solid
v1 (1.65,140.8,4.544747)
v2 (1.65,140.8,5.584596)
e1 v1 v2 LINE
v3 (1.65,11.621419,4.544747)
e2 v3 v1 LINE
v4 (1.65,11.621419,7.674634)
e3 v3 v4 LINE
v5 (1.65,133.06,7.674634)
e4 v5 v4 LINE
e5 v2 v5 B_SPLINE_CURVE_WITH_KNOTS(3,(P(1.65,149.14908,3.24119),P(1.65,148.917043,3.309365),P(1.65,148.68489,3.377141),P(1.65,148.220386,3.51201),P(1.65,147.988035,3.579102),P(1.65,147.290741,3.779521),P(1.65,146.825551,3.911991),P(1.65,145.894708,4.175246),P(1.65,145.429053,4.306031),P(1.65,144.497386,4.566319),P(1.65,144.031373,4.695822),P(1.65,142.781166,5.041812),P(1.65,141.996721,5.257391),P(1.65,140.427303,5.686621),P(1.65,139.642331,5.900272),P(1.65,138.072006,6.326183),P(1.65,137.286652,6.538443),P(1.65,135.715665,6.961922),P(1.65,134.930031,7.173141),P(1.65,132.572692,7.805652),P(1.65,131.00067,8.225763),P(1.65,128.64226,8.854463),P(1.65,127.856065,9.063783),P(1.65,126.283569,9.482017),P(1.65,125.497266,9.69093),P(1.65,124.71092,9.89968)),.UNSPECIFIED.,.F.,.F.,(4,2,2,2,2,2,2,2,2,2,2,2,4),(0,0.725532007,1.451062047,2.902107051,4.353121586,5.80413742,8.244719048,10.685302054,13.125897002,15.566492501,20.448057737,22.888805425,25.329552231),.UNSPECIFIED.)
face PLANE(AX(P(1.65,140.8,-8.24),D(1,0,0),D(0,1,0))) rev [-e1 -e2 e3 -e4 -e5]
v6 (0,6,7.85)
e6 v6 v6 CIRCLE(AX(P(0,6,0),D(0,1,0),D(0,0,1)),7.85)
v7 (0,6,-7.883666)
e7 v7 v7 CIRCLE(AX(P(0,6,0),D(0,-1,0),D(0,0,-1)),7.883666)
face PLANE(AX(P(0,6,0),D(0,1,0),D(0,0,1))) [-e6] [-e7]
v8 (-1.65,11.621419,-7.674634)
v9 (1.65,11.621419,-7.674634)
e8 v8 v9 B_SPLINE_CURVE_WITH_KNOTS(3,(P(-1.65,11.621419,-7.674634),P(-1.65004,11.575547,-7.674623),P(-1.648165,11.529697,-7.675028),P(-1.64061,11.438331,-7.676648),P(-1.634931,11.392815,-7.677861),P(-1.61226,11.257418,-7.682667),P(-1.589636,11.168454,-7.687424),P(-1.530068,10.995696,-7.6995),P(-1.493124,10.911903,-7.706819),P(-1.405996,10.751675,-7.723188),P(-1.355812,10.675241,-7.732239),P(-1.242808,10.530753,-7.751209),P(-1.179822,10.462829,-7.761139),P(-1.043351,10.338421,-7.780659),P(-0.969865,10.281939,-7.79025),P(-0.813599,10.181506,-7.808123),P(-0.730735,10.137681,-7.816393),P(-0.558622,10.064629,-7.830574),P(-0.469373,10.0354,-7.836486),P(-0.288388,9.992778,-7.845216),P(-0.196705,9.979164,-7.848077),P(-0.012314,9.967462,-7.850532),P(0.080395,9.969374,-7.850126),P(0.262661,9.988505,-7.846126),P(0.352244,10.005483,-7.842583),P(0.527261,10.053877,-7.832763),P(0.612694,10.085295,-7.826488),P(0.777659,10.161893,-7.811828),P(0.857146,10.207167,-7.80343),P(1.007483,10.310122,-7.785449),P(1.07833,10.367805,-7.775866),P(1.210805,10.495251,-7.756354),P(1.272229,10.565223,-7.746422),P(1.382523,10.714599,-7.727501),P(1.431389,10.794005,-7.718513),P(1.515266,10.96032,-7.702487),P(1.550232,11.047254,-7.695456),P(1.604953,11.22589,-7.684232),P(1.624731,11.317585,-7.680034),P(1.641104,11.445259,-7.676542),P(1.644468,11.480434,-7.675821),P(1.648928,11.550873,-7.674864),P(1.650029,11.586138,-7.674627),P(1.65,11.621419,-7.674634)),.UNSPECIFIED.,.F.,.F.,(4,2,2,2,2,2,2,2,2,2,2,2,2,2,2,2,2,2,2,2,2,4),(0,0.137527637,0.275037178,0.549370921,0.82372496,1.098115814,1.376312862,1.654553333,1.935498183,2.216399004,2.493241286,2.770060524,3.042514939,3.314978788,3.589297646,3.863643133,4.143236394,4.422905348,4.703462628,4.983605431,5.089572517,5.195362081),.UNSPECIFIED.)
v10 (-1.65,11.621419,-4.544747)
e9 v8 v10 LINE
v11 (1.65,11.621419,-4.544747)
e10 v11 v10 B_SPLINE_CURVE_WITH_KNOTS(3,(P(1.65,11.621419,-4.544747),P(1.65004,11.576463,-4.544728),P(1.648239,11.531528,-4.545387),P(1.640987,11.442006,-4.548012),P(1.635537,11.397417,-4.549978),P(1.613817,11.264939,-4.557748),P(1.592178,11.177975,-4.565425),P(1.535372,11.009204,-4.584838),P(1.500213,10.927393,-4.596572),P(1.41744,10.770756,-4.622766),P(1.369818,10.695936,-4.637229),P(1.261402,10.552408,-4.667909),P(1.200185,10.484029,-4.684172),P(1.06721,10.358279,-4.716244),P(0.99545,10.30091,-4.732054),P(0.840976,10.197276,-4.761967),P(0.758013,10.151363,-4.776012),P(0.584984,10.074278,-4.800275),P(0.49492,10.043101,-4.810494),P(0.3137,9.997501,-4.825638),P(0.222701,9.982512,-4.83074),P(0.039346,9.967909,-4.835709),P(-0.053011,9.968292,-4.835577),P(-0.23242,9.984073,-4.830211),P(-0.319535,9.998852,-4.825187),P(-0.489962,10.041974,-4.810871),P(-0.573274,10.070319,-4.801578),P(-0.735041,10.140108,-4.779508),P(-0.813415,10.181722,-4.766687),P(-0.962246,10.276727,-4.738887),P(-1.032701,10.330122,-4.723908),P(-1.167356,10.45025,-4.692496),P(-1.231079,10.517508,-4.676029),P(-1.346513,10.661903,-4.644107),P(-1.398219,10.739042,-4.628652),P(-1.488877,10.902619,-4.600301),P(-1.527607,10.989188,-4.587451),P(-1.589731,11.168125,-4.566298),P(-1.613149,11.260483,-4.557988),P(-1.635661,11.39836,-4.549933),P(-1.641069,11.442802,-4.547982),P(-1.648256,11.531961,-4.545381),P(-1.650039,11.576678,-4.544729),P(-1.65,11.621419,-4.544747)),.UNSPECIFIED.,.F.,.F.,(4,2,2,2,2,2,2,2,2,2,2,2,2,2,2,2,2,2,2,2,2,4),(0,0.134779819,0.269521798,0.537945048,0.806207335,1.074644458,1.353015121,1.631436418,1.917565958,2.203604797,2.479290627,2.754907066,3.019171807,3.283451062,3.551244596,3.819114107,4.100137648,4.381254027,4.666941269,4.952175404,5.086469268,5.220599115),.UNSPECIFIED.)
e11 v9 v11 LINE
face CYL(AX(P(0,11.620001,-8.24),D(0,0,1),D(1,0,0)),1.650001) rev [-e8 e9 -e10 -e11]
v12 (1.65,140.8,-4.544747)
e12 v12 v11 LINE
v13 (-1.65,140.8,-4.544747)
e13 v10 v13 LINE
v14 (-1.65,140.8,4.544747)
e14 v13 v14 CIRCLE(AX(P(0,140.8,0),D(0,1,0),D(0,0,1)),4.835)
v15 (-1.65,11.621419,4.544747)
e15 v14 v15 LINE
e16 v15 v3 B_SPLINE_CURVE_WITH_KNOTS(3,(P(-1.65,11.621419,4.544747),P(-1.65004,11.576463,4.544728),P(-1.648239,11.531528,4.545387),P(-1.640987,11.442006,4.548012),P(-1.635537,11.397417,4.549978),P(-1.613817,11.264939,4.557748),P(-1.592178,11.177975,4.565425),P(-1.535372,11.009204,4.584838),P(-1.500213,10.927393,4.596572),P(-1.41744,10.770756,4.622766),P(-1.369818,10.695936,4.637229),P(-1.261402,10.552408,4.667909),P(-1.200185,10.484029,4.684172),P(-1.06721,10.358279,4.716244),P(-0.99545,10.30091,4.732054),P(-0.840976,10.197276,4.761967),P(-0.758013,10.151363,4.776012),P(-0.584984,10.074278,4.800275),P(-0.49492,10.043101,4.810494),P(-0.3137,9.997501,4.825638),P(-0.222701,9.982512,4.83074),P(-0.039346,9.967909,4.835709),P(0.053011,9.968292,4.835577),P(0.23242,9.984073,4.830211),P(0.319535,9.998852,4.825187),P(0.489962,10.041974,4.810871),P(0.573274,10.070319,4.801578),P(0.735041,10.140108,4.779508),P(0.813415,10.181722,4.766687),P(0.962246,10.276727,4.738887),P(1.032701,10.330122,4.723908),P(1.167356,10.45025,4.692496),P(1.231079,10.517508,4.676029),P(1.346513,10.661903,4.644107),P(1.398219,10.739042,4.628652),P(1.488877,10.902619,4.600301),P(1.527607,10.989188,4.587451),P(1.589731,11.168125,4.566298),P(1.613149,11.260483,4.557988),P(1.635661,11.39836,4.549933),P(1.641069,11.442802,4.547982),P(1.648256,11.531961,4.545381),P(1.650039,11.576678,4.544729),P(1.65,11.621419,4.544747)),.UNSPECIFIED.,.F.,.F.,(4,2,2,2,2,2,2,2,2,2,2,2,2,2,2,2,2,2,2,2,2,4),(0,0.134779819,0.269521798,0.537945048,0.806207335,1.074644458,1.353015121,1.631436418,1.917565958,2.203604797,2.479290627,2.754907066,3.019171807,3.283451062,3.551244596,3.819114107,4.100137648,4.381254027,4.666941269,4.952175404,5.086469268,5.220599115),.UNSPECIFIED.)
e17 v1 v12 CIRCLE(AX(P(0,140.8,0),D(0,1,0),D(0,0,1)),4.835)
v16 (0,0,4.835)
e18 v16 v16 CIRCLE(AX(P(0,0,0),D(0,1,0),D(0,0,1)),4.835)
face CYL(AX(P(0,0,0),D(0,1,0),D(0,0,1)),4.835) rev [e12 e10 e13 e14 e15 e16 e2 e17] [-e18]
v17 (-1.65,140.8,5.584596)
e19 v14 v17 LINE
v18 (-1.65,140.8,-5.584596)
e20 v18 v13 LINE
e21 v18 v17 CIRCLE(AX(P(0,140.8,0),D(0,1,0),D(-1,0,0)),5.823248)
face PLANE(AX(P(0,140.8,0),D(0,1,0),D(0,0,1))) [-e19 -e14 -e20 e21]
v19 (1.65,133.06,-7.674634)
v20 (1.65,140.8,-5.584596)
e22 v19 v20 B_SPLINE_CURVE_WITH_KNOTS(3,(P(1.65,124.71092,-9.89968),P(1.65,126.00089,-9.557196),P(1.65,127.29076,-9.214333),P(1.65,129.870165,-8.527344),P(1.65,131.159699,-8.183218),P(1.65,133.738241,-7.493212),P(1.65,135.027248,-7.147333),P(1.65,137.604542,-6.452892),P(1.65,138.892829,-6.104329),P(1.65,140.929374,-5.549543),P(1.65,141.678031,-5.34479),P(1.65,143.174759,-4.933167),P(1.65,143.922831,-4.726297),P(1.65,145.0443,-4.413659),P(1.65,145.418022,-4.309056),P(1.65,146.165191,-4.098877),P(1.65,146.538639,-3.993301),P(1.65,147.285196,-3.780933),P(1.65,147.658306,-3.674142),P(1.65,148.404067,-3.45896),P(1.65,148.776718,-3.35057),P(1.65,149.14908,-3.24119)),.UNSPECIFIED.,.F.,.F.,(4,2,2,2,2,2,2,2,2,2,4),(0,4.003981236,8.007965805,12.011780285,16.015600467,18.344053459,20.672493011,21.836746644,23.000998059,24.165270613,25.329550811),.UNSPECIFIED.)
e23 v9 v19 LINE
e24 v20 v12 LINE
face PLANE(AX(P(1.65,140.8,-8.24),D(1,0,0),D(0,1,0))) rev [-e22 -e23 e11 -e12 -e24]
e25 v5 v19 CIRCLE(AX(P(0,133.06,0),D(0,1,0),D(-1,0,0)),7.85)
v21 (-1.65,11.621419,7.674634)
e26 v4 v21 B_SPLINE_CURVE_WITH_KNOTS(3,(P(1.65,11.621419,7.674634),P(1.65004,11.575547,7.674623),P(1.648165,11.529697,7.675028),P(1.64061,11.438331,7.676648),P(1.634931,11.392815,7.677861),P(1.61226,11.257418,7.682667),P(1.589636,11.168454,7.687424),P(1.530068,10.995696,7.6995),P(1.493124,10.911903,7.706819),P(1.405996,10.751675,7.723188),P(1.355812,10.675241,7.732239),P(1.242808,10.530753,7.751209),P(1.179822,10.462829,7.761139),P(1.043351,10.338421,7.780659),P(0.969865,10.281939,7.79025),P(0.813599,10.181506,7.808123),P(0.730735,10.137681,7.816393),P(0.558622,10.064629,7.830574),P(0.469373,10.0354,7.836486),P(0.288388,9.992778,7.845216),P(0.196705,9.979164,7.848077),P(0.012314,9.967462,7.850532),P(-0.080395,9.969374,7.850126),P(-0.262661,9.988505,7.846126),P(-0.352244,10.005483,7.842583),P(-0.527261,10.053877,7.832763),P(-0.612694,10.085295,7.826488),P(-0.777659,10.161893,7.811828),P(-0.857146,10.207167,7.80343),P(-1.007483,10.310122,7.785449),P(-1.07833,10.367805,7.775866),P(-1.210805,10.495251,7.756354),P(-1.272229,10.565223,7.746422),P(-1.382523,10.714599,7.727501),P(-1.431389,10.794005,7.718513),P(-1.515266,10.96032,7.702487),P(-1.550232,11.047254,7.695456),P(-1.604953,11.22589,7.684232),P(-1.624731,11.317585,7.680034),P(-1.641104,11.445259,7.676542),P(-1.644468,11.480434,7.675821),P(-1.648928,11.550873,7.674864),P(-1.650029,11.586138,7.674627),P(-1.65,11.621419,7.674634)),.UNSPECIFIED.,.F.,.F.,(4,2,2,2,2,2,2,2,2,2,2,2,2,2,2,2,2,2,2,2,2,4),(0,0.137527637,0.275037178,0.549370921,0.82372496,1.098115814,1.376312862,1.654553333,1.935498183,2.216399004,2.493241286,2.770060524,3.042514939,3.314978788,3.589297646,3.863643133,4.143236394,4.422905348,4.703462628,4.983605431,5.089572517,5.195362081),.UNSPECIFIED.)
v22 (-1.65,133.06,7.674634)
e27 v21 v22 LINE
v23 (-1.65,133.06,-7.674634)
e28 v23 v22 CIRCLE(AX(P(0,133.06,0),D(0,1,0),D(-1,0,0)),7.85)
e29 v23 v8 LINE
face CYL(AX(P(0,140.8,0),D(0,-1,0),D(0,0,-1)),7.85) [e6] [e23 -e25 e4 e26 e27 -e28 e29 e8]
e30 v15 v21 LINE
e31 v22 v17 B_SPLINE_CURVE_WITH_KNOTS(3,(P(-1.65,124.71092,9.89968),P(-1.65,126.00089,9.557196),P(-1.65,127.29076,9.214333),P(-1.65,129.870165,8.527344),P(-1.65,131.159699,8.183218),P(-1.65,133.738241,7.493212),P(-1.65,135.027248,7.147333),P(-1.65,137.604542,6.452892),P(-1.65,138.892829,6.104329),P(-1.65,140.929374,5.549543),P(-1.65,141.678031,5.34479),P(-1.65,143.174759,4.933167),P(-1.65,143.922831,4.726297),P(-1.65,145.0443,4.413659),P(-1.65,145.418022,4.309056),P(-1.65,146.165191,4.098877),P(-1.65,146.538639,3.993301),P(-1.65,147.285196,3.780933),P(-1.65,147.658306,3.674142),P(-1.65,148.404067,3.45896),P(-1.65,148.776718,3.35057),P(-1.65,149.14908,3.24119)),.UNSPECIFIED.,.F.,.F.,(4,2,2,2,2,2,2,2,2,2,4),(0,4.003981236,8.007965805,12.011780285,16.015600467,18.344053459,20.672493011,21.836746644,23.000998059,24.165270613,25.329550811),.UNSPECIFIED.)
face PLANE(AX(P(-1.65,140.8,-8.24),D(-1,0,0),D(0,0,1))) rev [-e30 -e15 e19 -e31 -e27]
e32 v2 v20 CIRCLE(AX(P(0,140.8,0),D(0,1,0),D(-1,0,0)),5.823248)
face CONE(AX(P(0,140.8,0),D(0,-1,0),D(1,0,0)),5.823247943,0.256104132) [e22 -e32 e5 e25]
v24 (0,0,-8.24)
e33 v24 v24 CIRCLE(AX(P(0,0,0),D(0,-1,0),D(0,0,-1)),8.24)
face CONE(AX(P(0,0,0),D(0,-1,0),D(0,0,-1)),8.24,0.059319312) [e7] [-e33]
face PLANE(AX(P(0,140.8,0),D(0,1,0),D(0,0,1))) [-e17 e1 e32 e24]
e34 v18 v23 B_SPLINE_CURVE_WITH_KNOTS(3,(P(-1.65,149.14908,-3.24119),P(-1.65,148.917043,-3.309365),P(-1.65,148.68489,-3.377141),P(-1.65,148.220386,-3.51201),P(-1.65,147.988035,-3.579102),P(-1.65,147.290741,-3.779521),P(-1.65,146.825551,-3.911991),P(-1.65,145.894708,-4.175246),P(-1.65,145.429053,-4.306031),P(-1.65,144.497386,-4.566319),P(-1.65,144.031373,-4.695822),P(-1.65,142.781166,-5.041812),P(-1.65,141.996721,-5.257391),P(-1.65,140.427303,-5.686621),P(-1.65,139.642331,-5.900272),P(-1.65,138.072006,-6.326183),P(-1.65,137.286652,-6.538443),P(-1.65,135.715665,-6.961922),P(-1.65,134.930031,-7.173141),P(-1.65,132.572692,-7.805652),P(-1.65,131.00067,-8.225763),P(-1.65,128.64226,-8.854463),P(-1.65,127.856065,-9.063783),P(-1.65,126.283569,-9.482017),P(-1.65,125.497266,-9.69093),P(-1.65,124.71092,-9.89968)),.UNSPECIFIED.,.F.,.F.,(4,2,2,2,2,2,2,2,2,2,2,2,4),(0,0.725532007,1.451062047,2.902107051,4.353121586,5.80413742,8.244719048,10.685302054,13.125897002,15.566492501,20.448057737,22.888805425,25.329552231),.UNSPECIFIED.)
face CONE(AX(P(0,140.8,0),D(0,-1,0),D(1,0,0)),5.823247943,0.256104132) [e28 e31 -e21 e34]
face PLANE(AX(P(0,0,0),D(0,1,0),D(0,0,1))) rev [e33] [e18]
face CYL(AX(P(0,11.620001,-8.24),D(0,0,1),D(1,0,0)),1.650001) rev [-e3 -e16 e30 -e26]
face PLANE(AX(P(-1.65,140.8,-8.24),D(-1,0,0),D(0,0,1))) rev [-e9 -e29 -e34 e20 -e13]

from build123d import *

# Parameters (mm, degrees)
CROQUIS1_R                 = 8.24
SALIENTE_EXTRUIR1_DEPTH    = 6
CROQUIS3_R                 = 7.85
SALIENTE_EXTRUIR2_DEPTH    = 134.8
CROQUIS4_R                 = 4.835
CORTAR_EXTRUIR1_DEPTH      = 142.281404297
CORTAR_EXTRUIR2_DEPTH      = 142.281404297
CORTAR_EXTRUIR2_DEPTH_BACK = 142.281404297


with BuildPart() as part:
    # Croquis1 → Saliente-Extruir1 (new body)
    with BuildSketch(Plane(origin=(0, 0, 0), x_dir=(1, 0, 0), z_dir=(0, 1, 0))):
        with Locations(Location((0, 0, 0), (0, 0, 270))):
            Circle(CROQUIS1_R)
    extrude(amount=SALIENTE_EXTRUIR1_DEPTH)

    # Croquis2 → Cortar-Revolución1 (revolve, cut)
    with BuildSketch(Plane.XY, mode=Mode.PRIVATE) as cortar_revoluci_n1_sk:
        Polygon((-8.24, 0), (-7.883666073, 6), (-8.24, 6), align=None)
    revolve(cortar_revoluci_n1_sk.sketch.rotate(Axis((0, 0, 0), (0, 1, 0)), 270), axis=Axis((0, 0, 0), (0, 1, 0)), mode=Mode.SUBTRACT)

    # Croquis3 → Saliente-Extruir2 (add)
    with BuildSketch(Plane(origin=(0, 6, 0), x_dir=(1, 0, 0), z_dir=(0, 1, 0))):
        with Locations(Location((0, 0, 0), (0, 0, 270))):
            Circle(CROQUIS3_R)
    extrude(amount=SALIENTE_EXTRUIR2_DEPTH)

    # Croquis4 → Cortar-Extruir1 (cut, through all)
    with BuildSketch(Plane(origin=(0, 140.8, 0), x_dir=(1, 0, 0), z_dir=(0, 1, 0))):
        with Locations(Location((0, 0, 0), (0, 0, 270))):
            Circle(CROQUIS4_R)
    extrude(amount=-CORTAR_EXTRUIR1_DEPTH, mode=Mode.SUBTRACT)

    # Croquis5 → Cortar-Extruir2 (cut, two sides: drawn at the far end of the back side and taken through both)
    with BuildSketch(Plane.XY.offset(-CORTAR_EXTRUIR2_DEPTH_BACK)):
        with BuildLine():
            Line((1.65, 140.8), (-1.65, 140.8))
            Line((-1.65, 140.8), (-1.65, 11.621418712))
            ThreePointArc((-1.65, 11.621418712), (0, 9.97), (1.65, 11.621418712))
            Line((1.65, 11.621418712), (1.65, 140.8))
        make_face()
    extrude(amount=CORTAR_EXTRUIR2_DEPTH + CORTAR_EXTRUIR2_DEPTH_BACK, mode=Mode.SUBTRACT)

    # Croquis7 → Cortar-Revolución2 (revolve, cut)
    with BuildSketch(Plane.XY, mode=Mode.PRIVATE) as cortar_revoluci_n2_sk:
        Polygon((11.646495886, 140.8), (7.85, 133.06), (5.823247943, 140.8), align=None)
    revolve(cortar_revoluci_n2_sk.sketch.rotate(Axis((0, 140.8, 0), (0, -1, 0)), 257.866449584), axis=Axis((0, 140.8, 0), (0, -1, 0)), mode=Mode.SUBTRACT)


solid = part.part
